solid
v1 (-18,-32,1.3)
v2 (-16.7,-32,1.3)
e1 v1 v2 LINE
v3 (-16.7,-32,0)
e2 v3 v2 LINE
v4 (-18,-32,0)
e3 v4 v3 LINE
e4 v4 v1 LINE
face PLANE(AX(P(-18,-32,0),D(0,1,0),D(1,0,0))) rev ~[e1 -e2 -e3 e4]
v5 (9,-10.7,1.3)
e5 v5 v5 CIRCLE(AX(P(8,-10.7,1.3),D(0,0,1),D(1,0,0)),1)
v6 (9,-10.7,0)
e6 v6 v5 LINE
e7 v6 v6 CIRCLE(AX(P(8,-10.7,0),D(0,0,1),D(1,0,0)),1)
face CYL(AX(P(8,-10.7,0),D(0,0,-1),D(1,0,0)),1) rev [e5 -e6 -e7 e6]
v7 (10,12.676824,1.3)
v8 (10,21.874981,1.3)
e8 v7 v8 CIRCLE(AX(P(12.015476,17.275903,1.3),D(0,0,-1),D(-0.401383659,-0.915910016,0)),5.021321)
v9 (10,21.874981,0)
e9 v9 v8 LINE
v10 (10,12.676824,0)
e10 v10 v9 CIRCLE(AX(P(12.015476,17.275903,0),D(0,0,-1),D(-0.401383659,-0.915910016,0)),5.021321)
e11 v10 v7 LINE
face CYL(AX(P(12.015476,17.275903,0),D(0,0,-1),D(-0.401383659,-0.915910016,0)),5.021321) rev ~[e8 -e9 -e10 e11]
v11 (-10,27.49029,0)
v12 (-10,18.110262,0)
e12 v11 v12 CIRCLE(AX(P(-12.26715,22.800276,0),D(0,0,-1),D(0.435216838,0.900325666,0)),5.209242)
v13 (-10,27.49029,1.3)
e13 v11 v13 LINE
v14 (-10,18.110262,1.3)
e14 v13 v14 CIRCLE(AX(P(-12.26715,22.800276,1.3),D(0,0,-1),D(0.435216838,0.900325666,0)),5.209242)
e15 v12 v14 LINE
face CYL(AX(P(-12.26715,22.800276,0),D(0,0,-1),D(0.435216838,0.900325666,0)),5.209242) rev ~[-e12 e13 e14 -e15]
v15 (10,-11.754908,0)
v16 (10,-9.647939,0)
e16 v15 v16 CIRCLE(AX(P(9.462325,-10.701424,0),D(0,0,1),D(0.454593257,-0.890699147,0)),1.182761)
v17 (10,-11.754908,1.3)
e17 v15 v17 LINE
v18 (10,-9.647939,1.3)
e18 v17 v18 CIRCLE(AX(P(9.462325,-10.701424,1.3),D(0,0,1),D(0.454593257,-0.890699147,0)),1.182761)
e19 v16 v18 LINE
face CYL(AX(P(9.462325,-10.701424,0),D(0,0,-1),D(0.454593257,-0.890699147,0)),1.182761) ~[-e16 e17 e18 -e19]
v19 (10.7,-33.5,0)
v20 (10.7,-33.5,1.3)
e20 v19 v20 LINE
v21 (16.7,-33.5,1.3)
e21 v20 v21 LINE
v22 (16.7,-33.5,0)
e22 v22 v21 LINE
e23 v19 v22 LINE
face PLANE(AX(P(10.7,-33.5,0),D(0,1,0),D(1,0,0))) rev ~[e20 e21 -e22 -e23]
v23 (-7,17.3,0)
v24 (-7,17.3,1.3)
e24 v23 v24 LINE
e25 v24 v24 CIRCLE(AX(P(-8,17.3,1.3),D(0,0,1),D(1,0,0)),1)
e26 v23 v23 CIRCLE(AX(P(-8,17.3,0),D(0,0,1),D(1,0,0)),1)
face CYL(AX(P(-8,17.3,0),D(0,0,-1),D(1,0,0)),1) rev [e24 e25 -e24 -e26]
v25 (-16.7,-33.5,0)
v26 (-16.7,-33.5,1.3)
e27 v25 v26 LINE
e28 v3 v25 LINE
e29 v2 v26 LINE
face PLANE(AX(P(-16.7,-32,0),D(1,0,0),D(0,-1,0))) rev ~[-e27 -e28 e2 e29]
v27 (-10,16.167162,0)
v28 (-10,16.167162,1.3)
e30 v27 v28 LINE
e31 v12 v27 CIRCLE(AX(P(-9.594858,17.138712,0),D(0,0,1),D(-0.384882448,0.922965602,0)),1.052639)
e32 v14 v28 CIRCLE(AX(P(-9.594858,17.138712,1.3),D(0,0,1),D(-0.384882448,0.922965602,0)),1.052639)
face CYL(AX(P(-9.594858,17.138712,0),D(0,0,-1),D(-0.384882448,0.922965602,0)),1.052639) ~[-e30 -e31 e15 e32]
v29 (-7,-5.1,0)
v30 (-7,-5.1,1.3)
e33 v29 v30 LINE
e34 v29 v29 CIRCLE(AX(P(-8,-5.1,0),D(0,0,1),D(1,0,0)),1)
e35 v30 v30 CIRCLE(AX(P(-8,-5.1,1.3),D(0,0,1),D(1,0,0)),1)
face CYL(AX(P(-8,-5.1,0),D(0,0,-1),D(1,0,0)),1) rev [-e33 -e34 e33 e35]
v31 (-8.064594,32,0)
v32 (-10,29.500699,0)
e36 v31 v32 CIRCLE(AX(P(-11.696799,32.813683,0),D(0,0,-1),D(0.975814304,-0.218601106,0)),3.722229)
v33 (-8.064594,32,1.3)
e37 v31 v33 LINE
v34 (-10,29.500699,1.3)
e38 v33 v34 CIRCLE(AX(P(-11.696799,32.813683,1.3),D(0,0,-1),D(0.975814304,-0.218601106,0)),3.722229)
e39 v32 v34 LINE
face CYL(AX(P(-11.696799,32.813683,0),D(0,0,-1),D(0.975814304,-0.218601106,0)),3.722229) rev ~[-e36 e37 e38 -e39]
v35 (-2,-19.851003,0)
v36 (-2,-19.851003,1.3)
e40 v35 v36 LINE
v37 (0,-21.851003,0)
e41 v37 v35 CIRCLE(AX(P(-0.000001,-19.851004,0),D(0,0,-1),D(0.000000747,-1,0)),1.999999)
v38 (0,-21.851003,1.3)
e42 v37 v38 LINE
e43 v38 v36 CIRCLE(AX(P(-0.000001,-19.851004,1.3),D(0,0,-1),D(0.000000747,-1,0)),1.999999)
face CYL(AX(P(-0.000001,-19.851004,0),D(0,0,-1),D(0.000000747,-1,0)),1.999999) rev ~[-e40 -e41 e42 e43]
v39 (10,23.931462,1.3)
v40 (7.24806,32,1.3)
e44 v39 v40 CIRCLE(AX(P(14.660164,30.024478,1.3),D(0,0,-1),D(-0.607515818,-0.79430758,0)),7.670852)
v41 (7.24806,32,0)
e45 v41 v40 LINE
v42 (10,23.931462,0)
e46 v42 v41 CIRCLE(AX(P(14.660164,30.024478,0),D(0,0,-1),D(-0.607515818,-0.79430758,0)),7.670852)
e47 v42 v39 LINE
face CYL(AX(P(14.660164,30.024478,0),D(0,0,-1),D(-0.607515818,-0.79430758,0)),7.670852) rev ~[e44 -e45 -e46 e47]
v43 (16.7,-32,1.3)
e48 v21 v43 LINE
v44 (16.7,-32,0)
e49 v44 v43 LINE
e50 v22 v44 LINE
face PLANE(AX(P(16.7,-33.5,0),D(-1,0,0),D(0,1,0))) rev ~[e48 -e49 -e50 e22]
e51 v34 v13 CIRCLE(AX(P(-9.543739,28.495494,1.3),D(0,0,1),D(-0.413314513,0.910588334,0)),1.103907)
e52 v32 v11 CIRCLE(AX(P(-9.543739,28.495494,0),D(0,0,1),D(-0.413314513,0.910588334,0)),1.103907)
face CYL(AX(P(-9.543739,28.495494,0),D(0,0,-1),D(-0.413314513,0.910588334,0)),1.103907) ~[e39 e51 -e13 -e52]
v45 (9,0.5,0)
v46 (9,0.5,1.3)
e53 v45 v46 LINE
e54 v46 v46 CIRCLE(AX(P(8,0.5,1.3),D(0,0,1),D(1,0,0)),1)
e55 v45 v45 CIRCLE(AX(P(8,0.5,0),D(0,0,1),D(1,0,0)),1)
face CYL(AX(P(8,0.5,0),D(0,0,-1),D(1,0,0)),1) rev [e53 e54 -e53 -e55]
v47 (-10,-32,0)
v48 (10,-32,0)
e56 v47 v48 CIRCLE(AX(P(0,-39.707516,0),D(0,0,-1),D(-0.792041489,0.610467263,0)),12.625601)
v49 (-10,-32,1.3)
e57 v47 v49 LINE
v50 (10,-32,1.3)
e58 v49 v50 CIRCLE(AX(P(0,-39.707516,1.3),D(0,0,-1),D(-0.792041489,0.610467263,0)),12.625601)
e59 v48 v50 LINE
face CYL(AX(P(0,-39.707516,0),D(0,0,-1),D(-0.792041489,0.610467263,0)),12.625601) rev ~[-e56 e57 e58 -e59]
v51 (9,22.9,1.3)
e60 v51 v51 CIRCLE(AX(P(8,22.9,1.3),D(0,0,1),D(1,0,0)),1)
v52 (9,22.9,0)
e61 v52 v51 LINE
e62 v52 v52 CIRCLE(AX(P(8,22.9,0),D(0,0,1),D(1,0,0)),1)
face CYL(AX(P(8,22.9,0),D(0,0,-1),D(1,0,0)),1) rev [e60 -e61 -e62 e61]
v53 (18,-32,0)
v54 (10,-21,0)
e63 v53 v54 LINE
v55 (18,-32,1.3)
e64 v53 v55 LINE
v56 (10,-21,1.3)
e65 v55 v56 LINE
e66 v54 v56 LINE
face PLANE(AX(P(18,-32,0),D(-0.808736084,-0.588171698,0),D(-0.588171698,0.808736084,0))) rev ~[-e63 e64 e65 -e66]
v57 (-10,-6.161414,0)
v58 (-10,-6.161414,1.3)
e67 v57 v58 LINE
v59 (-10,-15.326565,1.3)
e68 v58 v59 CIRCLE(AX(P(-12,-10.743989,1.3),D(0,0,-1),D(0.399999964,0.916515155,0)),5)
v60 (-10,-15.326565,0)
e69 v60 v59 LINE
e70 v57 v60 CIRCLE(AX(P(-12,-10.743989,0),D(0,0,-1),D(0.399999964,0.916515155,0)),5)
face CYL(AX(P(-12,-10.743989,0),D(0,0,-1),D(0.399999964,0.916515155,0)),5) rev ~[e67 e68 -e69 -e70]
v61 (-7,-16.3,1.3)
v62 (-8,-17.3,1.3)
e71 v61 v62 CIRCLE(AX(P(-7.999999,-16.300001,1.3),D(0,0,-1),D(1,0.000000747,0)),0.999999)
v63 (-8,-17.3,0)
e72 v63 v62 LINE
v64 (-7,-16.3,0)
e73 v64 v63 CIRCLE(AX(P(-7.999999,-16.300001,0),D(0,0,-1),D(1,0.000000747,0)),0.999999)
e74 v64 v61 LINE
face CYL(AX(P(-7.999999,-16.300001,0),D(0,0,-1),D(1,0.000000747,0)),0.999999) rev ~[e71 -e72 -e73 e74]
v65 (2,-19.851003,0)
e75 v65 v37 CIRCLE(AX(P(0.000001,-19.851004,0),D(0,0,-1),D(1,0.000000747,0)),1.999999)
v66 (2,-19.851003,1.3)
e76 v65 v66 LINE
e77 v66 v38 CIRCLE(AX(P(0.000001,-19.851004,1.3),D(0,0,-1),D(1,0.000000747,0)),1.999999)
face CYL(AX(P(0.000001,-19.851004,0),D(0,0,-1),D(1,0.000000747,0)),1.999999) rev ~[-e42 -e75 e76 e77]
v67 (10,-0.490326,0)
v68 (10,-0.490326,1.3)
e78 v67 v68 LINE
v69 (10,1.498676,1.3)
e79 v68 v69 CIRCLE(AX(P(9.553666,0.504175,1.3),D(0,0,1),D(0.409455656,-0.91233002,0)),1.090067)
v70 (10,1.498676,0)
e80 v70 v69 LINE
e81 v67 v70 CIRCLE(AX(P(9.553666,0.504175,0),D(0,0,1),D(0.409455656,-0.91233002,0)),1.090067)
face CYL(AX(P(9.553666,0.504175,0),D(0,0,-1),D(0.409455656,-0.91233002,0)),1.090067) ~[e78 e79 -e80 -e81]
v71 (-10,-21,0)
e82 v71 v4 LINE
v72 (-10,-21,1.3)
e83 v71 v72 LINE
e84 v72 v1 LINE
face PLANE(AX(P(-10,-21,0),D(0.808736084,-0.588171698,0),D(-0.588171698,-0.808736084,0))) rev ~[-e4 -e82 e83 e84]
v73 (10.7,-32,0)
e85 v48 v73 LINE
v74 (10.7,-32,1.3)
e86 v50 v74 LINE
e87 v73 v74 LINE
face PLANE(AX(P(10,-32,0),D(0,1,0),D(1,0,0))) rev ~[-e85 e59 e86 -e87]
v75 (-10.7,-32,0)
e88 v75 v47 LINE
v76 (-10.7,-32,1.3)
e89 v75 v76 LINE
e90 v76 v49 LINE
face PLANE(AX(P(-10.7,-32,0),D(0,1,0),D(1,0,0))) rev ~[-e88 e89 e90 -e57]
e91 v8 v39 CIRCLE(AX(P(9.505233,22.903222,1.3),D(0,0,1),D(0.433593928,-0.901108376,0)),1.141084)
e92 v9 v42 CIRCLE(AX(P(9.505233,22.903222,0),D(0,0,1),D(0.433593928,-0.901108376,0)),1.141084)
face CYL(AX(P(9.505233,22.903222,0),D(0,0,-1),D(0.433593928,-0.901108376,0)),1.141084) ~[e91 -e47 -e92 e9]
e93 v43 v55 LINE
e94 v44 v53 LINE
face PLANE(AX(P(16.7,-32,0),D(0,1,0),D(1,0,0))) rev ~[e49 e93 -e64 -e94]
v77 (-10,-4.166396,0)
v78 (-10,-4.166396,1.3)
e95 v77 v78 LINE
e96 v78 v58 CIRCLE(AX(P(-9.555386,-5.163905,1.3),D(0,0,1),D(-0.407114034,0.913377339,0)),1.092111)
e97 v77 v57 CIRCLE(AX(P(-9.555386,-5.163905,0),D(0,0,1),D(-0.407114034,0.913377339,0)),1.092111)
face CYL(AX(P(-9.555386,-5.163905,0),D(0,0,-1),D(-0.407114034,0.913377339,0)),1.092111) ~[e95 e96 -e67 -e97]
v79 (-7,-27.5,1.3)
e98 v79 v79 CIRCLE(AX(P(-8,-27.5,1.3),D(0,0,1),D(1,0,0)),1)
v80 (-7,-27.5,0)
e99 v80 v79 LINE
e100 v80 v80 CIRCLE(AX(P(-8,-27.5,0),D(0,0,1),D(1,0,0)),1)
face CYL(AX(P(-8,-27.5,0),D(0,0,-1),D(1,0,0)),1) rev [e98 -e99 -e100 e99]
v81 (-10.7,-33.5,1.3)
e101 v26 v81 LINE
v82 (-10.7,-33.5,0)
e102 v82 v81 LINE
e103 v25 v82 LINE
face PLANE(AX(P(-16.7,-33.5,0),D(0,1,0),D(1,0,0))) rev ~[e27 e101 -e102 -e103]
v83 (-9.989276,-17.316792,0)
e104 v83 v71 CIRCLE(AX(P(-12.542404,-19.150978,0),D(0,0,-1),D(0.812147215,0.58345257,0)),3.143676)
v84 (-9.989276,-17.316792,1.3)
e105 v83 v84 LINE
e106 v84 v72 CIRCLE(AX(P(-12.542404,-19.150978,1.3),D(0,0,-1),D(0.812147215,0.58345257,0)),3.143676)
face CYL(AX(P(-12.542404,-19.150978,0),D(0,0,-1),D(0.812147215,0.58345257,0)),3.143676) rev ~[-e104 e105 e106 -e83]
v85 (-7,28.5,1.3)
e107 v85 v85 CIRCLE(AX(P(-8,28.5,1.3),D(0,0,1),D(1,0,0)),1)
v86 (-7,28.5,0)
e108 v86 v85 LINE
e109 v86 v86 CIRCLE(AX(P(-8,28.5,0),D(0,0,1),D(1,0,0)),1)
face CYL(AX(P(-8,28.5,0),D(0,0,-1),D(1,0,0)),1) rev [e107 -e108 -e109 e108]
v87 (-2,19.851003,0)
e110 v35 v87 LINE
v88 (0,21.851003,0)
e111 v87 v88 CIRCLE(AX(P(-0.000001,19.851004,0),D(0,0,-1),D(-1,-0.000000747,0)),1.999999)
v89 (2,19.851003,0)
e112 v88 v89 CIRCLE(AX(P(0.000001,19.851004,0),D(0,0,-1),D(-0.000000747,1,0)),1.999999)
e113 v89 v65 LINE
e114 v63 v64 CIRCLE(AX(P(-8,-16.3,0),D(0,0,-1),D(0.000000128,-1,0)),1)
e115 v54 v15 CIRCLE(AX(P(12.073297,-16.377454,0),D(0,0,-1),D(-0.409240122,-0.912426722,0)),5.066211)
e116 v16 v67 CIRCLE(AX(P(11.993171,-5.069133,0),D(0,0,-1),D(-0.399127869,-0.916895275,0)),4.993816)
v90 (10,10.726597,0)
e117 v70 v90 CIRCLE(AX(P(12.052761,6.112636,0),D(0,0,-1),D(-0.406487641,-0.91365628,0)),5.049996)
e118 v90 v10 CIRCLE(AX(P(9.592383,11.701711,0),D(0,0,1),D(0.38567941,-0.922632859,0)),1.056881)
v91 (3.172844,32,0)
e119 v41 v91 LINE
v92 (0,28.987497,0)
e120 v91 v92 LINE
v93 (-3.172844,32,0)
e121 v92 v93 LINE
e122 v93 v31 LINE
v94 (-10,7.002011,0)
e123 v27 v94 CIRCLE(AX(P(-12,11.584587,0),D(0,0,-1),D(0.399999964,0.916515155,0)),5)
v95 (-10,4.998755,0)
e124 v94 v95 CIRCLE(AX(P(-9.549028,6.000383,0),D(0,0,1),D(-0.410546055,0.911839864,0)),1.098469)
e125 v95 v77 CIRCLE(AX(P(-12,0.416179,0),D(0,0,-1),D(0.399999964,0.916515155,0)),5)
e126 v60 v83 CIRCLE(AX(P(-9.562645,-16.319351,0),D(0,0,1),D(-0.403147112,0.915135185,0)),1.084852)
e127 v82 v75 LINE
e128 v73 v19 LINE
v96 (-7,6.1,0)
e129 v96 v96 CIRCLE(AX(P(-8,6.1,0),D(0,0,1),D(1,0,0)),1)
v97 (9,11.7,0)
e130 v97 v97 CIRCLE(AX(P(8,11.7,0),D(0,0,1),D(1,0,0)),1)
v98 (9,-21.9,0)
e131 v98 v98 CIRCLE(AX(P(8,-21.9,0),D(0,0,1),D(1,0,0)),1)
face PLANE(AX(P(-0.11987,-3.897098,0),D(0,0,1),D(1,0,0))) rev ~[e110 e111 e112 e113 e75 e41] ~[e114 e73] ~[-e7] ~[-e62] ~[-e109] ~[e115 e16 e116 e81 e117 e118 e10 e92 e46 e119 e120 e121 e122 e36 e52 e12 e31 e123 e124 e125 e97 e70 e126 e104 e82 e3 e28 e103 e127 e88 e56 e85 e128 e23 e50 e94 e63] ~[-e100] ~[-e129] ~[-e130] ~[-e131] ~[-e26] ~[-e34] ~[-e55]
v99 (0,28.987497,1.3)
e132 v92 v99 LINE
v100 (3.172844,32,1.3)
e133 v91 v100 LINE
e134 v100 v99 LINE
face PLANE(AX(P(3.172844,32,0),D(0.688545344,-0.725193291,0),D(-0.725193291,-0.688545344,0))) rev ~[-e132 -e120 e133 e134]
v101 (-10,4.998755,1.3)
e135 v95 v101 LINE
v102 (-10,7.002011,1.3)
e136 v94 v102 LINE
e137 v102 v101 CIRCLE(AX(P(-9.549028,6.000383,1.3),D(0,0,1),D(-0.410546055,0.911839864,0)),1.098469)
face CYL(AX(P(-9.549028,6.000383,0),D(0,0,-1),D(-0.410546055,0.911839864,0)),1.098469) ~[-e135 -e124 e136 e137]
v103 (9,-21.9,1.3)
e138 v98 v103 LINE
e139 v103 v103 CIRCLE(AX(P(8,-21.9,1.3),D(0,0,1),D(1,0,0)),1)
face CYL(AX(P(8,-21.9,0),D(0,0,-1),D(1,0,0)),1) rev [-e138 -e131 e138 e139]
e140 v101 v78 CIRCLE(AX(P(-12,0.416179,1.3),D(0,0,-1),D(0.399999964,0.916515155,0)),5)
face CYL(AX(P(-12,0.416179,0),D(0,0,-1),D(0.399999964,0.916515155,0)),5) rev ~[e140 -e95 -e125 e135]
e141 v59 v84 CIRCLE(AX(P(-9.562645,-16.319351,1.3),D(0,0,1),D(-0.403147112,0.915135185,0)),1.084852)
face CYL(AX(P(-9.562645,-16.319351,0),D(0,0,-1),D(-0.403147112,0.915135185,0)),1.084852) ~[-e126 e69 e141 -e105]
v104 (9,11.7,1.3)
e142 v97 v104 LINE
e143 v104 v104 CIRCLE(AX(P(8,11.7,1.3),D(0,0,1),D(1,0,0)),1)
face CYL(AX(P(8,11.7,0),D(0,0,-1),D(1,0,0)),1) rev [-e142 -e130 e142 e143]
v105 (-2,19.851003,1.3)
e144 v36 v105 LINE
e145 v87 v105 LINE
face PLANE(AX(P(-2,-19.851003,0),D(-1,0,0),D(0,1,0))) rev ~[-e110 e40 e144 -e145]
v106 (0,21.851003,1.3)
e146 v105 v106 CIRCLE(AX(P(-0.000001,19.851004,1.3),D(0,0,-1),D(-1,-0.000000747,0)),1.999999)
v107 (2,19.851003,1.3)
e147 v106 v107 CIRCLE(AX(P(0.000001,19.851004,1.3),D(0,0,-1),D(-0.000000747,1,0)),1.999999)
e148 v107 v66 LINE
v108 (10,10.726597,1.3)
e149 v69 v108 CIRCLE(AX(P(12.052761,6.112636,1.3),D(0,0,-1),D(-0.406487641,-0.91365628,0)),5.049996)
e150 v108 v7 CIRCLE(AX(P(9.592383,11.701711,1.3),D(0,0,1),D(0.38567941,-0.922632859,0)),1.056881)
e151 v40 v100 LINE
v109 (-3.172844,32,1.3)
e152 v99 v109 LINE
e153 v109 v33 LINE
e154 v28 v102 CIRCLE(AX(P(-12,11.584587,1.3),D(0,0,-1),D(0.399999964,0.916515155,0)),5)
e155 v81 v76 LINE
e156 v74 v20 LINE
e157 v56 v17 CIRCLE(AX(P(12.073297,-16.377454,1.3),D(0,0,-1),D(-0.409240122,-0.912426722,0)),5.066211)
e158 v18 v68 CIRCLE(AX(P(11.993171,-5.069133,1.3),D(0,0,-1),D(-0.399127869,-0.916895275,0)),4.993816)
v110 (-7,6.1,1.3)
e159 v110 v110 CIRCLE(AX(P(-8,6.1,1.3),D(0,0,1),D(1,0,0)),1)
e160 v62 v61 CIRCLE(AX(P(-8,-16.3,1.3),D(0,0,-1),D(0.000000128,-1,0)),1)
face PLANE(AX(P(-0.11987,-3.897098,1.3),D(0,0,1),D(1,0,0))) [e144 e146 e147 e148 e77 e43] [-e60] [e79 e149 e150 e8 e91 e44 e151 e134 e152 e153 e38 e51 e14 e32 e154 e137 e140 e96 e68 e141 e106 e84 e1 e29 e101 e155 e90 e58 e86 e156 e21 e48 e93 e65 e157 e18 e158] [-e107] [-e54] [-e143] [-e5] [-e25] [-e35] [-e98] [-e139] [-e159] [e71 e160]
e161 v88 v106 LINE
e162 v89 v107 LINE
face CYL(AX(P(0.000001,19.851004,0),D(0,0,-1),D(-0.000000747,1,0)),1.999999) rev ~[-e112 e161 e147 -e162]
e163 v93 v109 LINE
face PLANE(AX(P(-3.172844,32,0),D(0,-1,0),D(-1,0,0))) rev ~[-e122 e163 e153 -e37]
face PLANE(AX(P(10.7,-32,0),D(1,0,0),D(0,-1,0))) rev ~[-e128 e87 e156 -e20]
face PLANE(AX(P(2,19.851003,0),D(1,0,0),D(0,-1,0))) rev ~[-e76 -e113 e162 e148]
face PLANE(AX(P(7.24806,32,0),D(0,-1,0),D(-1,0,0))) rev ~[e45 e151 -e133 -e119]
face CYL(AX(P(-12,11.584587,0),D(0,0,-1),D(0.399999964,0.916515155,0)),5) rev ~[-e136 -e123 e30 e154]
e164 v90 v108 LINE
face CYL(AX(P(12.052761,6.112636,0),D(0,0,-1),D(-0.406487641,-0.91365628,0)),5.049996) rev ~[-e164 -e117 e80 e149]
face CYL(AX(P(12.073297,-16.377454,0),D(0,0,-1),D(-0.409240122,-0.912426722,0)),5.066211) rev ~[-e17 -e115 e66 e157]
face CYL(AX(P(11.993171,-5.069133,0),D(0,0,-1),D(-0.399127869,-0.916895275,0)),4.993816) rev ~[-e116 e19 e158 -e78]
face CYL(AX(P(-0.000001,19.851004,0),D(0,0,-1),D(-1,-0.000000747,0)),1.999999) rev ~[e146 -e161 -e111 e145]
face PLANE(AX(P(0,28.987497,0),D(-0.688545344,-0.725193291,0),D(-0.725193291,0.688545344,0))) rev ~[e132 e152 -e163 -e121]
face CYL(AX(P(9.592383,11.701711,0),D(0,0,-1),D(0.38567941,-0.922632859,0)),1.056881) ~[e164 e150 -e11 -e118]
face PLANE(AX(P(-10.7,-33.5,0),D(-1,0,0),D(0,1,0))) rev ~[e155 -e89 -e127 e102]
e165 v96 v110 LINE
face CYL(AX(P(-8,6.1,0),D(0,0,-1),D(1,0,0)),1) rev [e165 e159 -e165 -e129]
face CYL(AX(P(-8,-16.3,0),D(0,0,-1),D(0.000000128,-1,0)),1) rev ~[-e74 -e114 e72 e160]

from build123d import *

# Parameters (mm, degrees)
F0_R     = 1
F1_DEPTH = 1.3


with BuildPart() as f1:
    # F0 (on Top) → F1 (new body)
    with BuildSketch(Plane.XY):
        with BuildLine():
            Line((-10, -21), (-18, -32))
            Line((-18, -32), (-16.7, -32))
            Line((-16.7, -32), (-16.7, -33.5))
            Line((-16.7, -33.5), (-10.7, -33.5))
            Line((-10.7, -33.5), (-10.7, -32))
            Line((-10.7, -32), (-10, -32))
            ThreePointArc((-10, -32), (0, -27.081915), (10, -32))
            Line((10, -32), (10.7, -32))
            Line((10.7, -32), (10.7, -33.5))
            Line((10.7, -33.5), (16.7, -33.5))
            Line((16.7, -33.5), (16.7, -32))
            Line((16.7, -32), (18, -32))
            Line((18, -32), (10, -21))
            ThreePointArc((10, -21), (7.007086, -16.377454), (10, -11.754908))
            ThreePointArc((10, -11.754908), (10.645086, -10.701424), (10, -9.647939))
            ThreePointArc((10, -9.647939), (6.999355, -5.069133), (10, -0.490326))
            ThreePointArc((10, -0.490326), (10.643733, 0.504175), (10, 1.498676))
            ThreePointArc((10, 1.498676), (7.002765, 6.112636), (10, 10.726597))
            ThreePointArc((10, 10.726597), (10.649264, 11.701711), (10, 12.676824))
            ThreePointArc((10, 12.676824), (6.994155, 17.275902), (10, 21.874981))
            ThreePointArc((10, 21.874981), (10.646317, 22.903222), (10, 23.931462))
            ThreePointArc((10, 23.931462), (7.399982, 27.548245), (7.24806, 32))
            Line((7.24806, 32), (3.172844, 32))
            Line((3.172844, 32), (0, 28.987497))
            Line((0, 28.987497), (-3.172844, 32))
            Line((-3.172844, 32), (-8.064594, 32))
            ThreePointArc((-8.064594, 32), (-8.753808, 30.534693), (-10, 29.500699))
            ThreePointArc((-10, 29.500699), (-10.647646, 28.495494), (-10, 27.49029))
            ThreePointArc((-10, 27.49029), (-7.057908, 22.800276), (-10, 18.110262))
            ThreePointArc((-10, 18.110262), (-10.647497, 17.138712), (-10, 16.167162))
            ThreePointArc((-10, 16.167162), (-7, 11.584587), (-10, 7.002011))
            ThreePointArc((-10, 7.002011), (-10.647497, 6.000383), (-10, 4.998755))
            ThreePointArc((-10, 4.998755), (-7, 0.41618), (-10, -4.166396))
            ThreePointArc((-10, -4.166396), (-10.647497, -5.163905), (-10, -6.161414))
            ThreePointArc((-10, -6.161414), (-7, -10.743989), (-10, -15.326565))
            ThreePointArc((-10, -15.326565), (-10.647481, -16.325197), (-9.989276, -17.316792))
            ThreePointArc((-9.989276, -17.316792), (-9.398741, -19.160131), (-10, -21))
        make_face()
        with Locations((-8, -27.5)):
            Circle(F0_R, mode=Mode.SUBTRACT)
        with BuildLine():
            ThreePointArc((-8, -17.3), (-8.707107, -15.592893), (-7, -16.3))
            ThreePointArc((-7, -16.3), (-7.292893, -17.007107), (-8, -17.3))
        make_face(mode=Mode.SUBTRACT)
        with Locations((-8, -5.1)):
            Circle(F0_R, mode=Mode.SUBTRACT)
        with Locations((8, -21.9)):
            Circle(F0_R, mode=Mode.SUBTRACT)
        with Locations((8, -10.7)):
            Circle(F0_R, mode=Mode.SUBTRACT)
        with Locations((-8, 6.1)):
            Circle(F0_R, mode=Mode.SUBTRACT)
        with Locations((-8, 17.3)):
            Circle(F0_R, mode=Mode.SUBTRACT)
        with Locations((-8, 28.5)):
            Circle(F0_R, mode=Mode.SUBTRACT)
        with BuildLine():
            ThreePointArc((0, -21.851003), (-1.414214, -21.265217), (-2, -19.851003))
            Line((-2, -19.851003), (-2, 19.851003))
            ThreePointArc((-2, 19.851003), (-1.414214, 21.265217), (0, 21.851003))
            ThreePointArc((0, 21.851003), (1.414214, 21.265217), (2, 19.851003))
            Line((2, 19.851003), (2, -19.851003))
            ThreePointArc((2, -19.851003), (1.414214, -21.265217), (0, -21.851003))
        make_face(mode=Mode.SUBTRACT)
        with Locations((8, 0.5)):
            Circle(F0_R, mode=Mode.SUBTRACT)
        with Locations((8, 11.7)):
            Circle(F0_R, mode=Mode.SUBTRACT)
        with Locations((8, 22.9)):
            Circle(F0_R, mode=Mode.SUBTRACT)
    extrude(amount=F1_DEPTH)


solid = f1.part
